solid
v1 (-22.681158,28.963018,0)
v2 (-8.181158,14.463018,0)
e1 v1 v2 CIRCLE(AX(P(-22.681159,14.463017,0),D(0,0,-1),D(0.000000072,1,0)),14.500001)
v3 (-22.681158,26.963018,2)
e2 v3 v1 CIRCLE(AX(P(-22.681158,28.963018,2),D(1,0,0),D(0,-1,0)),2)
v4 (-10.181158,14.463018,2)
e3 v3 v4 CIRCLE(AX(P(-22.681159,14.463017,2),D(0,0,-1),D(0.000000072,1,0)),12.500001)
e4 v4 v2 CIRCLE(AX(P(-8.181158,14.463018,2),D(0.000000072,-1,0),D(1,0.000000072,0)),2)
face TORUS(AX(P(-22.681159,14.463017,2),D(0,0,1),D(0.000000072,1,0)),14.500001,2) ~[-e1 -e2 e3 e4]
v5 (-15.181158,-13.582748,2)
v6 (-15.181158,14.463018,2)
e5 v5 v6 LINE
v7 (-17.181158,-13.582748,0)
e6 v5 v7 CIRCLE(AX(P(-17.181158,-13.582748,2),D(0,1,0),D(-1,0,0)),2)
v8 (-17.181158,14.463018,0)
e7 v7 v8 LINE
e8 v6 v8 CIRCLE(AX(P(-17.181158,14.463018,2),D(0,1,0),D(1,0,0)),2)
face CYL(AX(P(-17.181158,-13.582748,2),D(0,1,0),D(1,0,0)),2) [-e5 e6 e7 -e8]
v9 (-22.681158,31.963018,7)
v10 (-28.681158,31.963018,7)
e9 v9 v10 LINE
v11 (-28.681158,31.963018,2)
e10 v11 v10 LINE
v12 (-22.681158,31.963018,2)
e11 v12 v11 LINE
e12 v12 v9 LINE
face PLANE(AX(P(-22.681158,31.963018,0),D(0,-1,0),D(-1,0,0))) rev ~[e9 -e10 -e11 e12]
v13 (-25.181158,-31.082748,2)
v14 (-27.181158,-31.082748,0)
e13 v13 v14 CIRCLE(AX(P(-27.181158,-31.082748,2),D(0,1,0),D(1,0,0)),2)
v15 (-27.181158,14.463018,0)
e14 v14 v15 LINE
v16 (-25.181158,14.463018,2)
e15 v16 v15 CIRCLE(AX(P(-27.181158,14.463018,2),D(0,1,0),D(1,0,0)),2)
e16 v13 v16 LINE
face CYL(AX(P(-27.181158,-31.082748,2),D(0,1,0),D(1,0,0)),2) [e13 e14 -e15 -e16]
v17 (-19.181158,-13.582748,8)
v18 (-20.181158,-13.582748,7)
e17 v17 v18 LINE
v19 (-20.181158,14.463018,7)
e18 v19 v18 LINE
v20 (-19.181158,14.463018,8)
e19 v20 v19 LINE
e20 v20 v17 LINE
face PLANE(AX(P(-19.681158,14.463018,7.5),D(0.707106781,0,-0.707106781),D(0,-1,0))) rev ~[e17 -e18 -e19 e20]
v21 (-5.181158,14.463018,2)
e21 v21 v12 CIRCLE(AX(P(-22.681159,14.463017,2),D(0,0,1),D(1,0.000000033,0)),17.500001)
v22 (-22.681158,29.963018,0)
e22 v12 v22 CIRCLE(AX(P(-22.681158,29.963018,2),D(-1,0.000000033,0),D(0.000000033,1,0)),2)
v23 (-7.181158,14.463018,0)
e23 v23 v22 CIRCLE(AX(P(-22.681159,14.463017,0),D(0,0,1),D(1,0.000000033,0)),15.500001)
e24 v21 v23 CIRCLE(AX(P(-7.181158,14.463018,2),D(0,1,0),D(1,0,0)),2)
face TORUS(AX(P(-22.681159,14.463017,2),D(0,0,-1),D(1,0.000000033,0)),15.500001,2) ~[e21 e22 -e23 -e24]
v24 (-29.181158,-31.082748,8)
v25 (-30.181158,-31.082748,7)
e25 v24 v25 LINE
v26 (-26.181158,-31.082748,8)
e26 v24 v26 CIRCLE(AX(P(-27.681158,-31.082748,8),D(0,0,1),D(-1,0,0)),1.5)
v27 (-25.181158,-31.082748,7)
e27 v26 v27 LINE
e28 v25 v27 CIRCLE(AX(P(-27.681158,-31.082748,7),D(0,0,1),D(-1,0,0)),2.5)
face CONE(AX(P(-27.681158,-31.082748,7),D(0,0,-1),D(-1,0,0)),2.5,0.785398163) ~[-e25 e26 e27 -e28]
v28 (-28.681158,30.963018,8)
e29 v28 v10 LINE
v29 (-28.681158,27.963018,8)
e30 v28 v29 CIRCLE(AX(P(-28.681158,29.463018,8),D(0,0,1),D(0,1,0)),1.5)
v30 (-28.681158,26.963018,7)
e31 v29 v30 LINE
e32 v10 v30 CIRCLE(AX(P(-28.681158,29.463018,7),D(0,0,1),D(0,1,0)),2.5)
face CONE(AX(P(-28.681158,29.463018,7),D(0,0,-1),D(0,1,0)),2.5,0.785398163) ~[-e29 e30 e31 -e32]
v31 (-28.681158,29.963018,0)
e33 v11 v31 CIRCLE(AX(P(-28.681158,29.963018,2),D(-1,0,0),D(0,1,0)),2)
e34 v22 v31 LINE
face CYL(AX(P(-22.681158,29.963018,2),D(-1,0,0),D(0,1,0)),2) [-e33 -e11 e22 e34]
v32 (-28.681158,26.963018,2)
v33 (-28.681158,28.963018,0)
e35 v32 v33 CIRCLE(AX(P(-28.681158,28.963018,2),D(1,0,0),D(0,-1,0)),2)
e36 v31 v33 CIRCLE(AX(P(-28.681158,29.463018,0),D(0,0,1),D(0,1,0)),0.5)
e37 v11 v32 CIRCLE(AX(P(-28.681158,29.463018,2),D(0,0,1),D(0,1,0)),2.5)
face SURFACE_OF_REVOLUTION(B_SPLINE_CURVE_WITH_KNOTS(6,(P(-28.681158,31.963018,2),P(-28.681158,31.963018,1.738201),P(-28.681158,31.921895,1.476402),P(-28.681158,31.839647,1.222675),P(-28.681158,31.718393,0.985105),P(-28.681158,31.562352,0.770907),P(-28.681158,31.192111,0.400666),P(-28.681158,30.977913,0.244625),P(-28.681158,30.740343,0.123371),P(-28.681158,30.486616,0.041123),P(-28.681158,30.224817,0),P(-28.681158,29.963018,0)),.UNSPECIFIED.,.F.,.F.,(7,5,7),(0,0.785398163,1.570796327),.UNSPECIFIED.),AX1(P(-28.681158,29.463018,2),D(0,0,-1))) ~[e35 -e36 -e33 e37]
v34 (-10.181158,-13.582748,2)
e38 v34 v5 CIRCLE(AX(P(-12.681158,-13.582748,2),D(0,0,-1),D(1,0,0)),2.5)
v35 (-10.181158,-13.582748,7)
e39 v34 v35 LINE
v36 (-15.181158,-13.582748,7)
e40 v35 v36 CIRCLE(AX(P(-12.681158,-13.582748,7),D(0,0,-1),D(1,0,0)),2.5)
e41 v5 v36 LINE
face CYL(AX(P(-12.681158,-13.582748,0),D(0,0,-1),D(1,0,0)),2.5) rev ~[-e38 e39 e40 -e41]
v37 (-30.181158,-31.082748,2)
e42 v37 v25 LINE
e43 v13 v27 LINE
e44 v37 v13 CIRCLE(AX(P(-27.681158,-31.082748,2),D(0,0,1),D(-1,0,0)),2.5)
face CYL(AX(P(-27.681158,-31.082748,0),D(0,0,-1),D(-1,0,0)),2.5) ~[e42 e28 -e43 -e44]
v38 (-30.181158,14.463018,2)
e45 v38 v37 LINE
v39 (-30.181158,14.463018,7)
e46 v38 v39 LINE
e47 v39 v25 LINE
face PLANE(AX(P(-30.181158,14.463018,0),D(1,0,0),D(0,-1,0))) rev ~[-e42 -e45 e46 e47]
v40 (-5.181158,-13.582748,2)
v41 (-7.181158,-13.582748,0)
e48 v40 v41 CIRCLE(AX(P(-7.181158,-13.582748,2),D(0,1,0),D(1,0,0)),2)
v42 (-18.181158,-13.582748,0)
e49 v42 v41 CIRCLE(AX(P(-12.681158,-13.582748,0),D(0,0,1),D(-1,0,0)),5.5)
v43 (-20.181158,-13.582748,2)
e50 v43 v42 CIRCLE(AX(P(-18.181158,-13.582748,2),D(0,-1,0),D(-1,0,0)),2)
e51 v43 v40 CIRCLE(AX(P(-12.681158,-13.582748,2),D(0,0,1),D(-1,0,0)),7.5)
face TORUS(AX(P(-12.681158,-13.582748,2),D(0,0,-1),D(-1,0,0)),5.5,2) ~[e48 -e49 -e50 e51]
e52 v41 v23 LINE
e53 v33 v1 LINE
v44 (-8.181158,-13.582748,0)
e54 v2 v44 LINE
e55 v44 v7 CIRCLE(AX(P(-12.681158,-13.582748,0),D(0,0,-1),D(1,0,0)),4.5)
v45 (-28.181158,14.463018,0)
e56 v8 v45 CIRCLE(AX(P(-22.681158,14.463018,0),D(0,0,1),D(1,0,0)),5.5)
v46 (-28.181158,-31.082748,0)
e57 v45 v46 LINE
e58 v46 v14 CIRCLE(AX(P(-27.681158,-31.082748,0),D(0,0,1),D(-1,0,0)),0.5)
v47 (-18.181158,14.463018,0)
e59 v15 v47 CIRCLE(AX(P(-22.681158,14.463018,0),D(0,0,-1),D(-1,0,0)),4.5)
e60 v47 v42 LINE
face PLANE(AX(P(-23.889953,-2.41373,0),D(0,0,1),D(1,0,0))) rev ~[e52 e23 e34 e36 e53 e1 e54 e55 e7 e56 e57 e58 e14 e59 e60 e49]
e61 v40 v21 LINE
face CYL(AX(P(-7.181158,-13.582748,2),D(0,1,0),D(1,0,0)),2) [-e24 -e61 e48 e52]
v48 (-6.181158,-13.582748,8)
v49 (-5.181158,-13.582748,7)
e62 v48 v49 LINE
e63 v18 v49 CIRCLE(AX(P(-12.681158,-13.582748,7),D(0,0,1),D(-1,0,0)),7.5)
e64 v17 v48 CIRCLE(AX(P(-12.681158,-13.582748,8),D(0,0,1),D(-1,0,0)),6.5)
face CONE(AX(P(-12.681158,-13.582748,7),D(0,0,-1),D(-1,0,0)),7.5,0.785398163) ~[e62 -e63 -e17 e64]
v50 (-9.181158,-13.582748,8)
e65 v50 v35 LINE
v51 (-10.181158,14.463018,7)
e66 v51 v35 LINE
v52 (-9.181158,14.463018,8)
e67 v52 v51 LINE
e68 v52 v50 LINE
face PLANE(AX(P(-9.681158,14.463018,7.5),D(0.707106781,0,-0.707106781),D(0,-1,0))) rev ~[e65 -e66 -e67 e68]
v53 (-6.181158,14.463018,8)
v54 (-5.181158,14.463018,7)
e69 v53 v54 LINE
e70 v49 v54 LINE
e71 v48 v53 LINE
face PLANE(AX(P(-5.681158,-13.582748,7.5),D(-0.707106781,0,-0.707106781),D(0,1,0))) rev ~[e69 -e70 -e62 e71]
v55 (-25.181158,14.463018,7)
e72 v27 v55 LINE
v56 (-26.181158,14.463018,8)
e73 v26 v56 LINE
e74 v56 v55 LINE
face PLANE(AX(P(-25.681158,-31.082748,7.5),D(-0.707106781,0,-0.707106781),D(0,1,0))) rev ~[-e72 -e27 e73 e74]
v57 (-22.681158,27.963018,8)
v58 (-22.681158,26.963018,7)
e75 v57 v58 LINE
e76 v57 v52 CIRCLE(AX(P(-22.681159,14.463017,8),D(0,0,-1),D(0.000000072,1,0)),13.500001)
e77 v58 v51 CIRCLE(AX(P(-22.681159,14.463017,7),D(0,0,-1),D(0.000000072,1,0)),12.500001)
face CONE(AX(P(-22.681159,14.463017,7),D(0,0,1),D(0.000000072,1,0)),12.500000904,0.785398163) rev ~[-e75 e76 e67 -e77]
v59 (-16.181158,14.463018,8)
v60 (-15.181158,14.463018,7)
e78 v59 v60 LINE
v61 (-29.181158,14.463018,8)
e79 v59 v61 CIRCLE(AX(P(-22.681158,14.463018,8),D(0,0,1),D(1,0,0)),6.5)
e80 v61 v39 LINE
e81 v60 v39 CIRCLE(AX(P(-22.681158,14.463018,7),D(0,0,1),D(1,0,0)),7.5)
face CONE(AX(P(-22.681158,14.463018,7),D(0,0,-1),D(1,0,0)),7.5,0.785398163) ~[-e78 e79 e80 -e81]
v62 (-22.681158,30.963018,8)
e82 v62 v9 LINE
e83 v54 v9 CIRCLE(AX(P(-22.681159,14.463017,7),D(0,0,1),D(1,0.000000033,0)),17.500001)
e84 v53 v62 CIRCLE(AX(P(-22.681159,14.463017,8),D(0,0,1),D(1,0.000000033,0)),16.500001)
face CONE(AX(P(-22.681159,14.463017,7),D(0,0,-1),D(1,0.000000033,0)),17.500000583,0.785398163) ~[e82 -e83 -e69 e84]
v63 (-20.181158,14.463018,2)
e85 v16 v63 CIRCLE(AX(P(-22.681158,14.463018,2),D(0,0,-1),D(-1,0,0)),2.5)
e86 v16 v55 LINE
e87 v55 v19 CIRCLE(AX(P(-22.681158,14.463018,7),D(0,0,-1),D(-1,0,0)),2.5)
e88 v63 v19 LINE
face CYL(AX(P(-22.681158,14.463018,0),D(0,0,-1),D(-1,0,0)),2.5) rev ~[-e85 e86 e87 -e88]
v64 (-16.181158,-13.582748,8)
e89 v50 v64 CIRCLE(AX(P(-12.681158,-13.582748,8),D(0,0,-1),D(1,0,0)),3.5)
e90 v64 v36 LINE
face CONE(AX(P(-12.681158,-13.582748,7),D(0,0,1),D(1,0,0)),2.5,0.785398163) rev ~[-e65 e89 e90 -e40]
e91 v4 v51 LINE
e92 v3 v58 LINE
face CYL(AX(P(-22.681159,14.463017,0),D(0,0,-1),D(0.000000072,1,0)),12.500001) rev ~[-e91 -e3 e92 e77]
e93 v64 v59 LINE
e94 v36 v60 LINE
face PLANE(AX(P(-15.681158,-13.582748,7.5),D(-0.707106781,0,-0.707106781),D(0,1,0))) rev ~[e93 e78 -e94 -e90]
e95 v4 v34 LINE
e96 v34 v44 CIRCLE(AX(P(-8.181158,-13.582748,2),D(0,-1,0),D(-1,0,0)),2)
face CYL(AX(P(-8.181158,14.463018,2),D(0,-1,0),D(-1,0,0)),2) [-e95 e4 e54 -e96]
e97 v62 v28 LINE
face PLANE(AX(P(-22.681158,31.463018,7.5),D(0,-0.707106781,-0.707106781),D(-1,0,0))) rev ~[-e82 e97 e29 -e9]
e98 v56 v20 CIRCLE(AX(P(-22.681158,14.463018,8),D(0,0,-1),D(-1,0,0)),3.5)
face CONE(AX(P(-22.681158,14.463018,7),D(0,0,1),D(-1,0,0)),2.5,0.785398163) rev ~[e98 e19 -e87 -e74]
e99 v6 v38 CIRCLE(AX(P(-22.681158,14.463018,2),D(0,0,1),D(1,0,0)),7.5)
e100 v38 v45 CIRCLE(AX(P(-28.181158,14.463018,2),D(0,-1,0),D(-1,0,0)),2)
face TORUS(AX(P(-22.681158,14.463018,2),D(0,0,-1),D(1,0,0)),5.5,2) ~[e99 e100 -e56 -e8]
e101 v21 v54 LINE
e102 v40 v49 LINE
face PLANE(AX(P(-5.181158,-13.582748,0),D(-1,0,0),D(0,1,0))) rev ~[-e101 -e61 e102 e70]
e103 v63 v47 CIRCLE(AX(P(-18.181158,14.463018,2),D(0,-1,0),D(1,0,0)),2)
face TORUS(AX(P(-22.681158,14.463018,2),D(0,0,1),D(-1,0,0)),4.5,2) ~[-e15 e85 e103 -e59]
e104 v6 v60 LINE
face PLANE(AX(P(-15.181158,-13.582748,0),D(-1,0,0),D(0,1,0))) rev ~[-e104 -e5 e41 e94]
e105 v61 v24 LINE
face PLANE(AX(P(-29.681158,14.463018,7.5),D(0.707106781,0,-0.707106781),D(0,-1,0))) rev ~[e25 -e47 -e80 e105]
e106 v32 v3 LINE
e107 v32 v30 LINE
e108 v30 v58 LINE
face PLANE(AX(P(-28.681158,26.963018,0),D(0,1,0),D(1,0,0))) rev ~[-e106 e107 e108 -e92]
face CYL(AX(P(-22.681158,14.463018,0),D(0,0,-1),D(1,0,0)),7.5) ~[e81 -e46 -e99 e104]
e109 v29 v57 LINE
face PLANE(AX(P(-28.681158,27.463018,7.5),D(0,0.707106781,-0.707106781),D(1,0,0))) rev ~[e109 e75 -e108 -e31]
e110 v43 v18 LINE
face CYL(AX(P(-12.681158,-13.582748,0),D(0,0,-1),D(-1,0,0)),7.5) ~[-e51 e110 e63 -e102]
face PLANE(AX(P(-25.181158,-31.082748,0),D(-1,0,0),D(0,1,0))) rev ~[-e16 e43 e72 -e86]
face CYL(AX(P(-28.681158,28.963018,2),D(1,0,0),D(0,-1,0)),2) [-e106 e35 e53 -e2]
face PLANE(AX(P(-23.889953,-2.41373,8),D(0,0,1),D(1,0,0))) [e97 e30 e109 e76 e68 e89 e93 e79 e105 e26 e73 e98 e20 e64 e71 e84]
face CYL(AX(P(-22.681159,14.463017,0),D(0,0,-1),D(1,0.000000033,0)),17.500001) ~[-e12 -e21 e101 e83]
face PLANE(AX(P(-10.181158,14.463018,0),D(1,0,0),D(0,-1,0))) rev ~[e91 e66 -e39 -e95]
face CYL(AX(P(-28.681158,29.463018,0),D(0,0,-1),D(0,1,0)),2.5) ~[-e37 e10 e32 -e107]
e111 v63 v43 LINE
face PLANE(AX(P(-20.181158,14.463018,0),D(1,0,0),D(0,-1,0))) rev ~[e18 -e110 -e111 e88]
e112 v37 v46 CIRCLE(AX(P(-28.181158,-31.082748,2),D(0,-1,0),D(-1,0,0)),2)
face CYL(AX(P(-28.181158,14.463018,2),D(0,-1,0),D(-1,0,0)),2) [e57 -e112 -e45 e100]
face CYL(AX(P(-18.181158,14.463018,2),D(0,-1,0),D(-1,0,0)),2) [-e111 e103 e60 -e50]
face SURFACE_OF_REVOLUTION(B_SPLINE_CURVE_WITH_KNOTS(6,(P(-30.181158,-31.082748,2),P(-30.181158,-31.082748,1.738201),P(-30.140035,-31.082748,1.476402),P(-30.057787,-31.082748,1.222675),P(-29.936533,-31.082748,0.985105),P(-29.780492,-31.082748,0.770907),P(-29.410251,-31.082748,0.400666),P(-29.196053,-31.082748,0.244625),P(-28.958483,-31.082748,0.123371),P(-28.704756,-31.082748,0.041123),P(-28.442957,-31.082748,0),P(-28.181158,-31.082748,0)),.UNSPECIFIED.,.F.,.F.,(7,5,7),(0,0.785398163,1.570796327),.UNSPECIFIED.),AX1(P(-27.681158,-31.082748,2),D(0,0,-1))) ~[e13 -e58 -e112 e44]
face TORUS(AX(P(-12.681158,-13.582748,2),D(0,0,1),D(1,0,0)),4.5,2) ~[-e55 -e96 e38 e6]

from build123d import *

# Parameters (mm, degrees)
F1_DEPTH = 8
F2_R     = 2
F3_SIZE  = 1


with BuildPart() as f1:
    # F0 (on Top) → F1 (new body)
    with BuildSketch(Plane.XY):
        with BuildLine():
            ThreePointArc((-20.181158, -13.582748), (-18.804883, -9.252621), (-15.181158, -6.51168))
            Line((-15.181158, -6.51168), (-15.181158, 14.463018))
            ThreePointArc((-15.181158, 14.463018), (-22.681158, 21.963018), (-30.181158, 14.463018))
            Line((-30.181158, 14.463018), (-30.181158, -16.082748))
            Line((-30.181158, -16.082748), (-30.181158, -31.082748))
            ThreePointArc((-30.181158, -31.082748), (-27.681158, -33.582748), (-25.181158, -31.082748))
            Line((-25.181158, -31.082748), (-25.181158, -16.082748))
            Line((-25.181158, -16.082748), (-25.181158, 14.463018))
            ThreePointArc((-25.181158, 14.463018), (-22.681158, 16.963018), (-20.181158, 14.463018))
            Line((-20.181158, 14.463018), (-20.181158, -13.582748))
        make_face()
        with BuildLine():
            Line((-10.181158, 14.463018), (-10.181158, -6.51168))
            ThreePointArc((-10.181158, -6.51168), (-6.557434, -9.252621), (-5.181158, -13.582748))
            Line((-5.181158, -13.582748), (-5.181158, 14.463018))
            ThreePointArc((-5.181158, 14.463018), (-10.306789, 26.837386), (-22.681158, 31.963018))
            Line((-22.681158, 31.963018), (-28.681158, 31.963018))
            ThreePointArc((-28.681158, 31.963018), (-31.181158, 29.463018), (-28.681158, 26.963018))
            Line((-28.681158, 26.963018), (-22.681158, 26.963018))
            ThreePointArc((-22.681158, 26.963018), (-13.842323, 23.301852), (-10.181158, 14.463018))
        make_face()
        with BuildLine():
            ThreePointArc((-10.181158, -13.582748), (-12.681158, -16.082748), (-15.181158, -13.582748))
            Line((-15.181158, -13.582748), (-15.181158, -6.51168))
            ThreePointArc((-15.181158, -6.51168), (-18.804883, -9.252621), (-20.181158, -13.582748))
            ThreePointArc((-20.181158, -13.582748), (-12.681158, -21.082748), (-5.181158, -13.582748))
            ThreePointArc((-5.181158, -13.582748), (-6.557434, -9.252621), (-10.181158, -6.51168))
            Line((-10.181158, -6.51168), (-10.181158, -13.582748))
        make_face()
    extrude(amount=F1_DEPTH)

    # F2
    f2_edges = [f1.edges().sort_by_distance(p)[0] for p in [
        (-5.181158, 0.440135, 0),
    ]]
    fillet(f2_edges, radius=F2_R)

    # F3
    f3_edges = [f1.edges().sort_by_distance(p)[0] for p in [
        (-20.181158, 0.440135, 8),
    ]]
    chamfer(f3_edges, length=F3_SIZE)


solid = f1.part
